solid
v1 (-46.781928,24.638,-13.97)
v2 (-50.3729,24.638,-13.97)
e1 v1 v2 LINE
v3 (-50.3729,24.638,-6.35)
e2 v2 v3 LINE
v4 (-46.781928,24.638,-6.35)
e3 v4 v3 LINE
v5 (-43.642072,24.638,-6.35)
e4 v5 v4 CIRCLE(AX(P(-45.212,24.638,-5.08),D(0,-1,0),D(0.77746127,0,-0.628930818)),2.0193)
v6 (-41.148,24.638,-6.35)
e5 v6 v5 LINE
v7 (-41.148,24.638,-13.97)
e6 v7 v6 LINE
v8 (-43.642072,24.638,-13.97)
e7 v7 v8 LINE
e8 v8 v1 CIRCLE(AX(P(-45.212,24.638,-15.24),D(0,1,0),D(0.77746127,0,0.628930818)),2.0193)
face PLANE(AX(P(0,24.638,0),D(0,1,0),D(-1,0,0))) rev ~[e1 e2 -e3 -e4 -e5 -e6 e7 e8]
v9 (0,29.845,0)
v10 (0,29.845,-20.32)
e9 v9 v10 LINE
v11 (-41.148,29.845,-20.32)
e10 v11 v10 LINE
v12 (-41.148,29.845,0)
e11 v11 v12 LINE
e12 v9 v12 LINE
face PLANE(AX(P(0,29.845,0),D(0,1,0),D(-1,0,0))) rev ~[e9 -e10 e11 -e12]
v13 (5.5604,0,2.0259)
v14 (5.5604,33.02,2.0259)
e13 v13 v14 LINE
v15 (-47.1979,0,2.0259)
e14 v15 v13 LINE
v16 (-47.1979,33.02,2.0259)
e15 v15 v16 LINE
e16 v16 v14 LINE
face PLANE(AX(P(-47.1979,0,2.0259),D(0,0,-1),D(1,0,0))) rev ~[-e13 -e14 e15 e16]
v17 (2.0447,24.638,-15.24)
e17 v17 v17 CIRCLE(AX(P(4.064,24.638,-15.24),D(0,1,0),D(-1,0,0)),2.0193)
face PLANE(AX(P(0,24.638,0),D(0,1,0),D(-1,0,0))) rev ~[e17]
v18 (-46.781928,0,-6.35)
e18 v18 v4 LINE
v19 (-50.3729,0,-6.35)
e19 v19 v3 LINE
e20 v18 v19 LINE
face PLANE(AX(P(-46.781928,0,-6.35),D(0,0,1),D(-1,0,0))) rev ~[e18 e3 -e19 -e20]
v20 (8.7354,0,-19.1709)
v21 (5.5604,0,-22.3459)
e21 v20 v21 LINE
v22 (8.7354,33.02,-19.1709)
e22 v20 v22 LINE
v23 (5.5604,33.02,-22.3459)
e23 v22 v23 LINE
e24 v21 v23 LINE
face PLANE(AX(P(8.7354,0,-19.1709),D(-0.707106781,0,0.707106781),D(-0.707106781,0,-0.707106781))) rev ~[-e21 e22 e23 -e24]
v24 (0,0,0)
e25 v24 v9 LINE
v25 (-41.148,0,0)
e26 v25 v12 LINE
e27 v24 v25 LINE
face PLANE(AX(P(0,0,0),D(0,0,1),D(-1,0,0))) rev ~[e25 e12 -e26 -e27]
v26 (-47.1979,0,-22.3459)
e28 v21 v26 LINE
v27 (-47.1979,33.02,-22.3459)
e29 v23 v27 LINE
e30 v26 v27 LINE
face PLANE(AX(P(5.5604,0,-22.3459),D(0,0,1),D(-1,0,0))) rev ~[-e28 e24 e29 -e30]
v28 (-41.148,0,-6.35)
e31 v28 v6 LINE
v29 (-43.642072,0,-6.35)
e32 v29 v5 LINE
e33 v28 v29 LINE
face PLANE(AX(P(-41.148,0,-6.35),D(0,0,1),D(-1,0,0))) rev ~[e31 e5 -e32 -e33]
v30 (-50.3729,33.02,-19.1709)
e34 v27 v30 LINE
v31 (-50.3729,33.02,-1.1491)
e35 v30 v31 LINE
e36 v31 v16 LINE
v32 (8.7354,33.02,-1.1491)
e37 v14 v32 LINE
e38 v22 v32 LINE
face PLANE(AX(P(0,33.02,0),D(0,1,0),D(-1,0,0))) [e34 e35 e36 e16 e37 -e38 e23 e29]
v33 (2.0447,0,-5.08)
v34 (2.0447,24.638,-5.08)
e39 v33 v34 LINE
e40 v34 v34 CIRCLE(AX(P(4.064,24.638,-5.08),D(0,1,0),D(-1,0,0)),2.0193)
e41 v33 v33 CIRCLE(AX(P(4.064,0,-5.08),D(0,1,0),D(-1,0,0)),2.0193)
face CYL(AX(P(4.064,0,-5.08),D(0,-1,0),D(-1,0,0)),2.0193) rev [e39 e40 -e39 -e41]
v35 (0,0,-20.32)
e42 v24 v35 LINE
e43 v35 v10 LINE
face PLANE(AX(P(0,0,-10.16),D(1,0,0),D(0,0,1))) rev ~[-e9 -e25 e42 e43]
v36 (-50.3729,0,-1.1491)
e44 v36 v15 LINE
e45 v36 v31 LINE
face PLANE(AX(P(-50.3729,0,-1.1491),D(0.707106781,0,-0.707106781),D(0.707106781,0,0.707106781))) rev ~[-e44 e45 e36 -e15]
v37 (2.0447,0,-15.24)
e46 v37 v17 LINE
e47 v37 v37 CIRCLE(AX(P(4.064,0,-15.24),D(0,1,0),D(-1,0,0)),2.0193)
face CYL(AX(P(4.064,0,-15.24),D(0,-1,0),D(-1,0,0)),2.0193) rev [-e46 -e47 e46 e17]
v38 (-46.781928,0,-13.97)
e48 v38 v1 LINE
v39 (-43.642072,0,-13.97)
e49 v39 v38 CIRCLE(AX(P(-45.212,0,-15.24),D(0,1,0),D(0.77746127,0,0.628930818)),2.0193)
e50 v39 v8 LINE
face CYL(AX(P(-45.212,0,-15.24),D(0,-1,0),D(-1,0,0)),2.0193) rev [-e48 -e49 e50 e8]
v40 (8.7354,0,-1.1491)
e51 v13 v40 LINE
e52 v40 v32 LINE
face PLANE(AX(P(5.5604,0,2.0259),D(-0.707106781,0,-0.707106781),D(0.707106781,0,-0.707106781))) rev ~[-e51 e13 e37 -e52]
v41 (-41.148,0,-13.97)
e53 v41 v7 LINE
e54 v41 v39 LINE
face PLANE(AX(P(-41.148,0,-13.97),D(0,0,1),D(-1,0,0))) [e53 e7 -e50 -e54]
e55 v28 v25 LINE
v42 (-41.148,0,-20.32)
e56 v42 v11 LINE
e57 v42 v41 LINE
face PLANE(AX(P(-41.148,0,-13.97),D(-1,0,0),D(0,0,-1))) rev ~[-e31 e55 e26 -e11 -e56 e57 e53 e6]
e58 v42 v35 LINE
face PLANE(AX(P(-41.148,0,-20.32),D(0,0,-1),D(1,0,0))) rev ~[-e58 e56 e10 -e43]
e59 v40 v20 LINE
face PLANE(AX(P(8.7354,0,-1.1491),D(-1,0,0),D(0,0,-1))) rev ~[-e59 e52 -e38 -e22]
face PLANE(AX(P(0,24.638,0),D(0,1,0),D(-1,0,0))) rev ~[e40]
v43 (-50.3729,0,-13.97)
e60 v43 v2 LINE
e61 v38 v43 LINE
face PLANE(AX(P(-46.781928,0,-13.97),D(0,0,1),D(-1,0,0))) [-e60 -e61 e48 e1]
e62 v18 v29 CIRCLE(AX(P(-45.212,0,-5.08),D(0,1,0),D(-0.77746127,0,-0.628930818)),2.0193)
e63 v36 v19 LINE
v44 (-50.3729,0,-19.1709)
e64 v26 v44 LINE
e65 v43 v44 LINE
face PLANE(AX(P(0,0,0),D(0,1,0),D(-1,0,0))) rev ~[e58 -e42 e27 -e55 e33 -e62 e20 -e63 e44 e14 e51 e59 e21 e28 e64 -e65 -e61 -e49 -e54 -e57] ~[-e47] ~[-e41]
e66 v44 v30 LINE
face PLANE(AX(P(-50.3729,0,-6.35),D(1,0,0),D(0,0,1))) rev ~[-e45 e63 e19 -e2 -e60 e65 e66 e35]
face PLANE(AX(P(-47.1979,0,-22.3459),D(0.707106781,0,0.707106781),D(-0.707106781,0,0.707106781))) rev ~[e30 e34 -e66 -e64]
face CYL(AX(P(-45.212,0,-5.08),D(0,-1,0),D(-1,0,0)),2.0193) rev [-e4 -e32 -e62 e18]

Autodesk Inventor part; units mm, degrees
ref_plane "YZ Plane" through (0, 0, 0) normal (1, 0, 0) x (0, 1, 0)
ref_plane "XZ Plane" through (0, 0, 0) normal (0, 1, 0) x (-1, 0, 0)
ref_plane "XY Plane" through (0, 0, 0) normal (0, 0, 1) x (1, 0, 0)
sketch "Sketch1" plane through (0, 0, 0) normal (0, 1, 0) x (-1, 0, 0)
  line L0 (0, 0) -> (41.148, 0)
  line L1 (41.148, 0) -> (41.148, -20.32)
  line L2 (41.148, -20.32) -> (0, -20.32)
  line L3 (0, -20.32) -> (0, 0)
  line L4 (47.498, 2.0259) -> (-5.588, 2.0259)
  line L5 (-5.588, -22.3459) -> (47.1979, -22.3459)
  circle A0 centre (45.212, -15.24) radius 2.0193
  circle A1 centre (-4.064, -15.24) radius 2.0193
  line L6 (41.148, -10.16) -> (50.3729, -10.16)
  line L7 (41.148, -13.97) -> (50.3729, -13.97)
  line L8 (41.148, -6.35) -> (50.3729, -6.35)
  line L9 (0, -10.16) -> (-8.7354, -10.16)
  line L10 (-5.588, 2.0259) -> (-5.5604, 2.0259)
  line L11 (-8.7354, -1.1491) -> (-8.7354, -19.1709)
  line L12 (-5.5604, -22.3459) -> (-5.588, -22.3459)
  line L13 (47.498, -22.3459) -> (47.1979, -22.3459)
  line L14 (50.3729, -19.1709) -> (50.3729, -1.1491)
  line L15 (47.1979, 2.0259) -> (47.498, 2.0259)
  circle A2 centre (45.212, -5.08) radius 2.0193
  circle A3 centre (-4.064, -5.08) radius 2.0193
  line L16 (-5.5604, 2.0259) -> (-8.7354, -1.1491)
  line L17 (-8.7354, -19.1709) -> (-5.5604, -22.3459)
  line L18 (47.1979, -22.3459) -> (50.3729, -19.1709)
  line L19 (50.3729, -1.1491) -> (47.1979, 2.0259)
  point P0 (41.148, -6.35)
  point P1 (41.148, -13.97)
  point P2 (-8.7354, 2.0259)
  point P3 (-8.7354, -22.3459)
  point P4 (50.3729, -22.3459)
  point P5 (50.3729, 2.0259)
  point P6 (46.7819, -6.35)
  point P7 (43.6421, -6.35)
  point P8 (43.6421, -13.97)
  point P9 (46.7819, -13.97)
  dimension "d0" = 41.148
  dimension "d1" = 20.32
  dimension "d4" = 4.0386
  dimension "d5" = 4.0386
  dimension "d6" = 3.81
  dimension "d7" = 3.81
  dimension "d16" = 5.08
  dimension "d17" = 5.08
  dimension "d18" = 4.064
  dimension "d19" = 4.064
  dimension "d20" = 3.175
  dimension "d21" = 3.175
  dimension "d22" = 3.175
  dimension "d23" = 3.175
  dimension "d24" = 3.175
  dimension "d25" = 3.175
  dimension "d26" = 3.175
  dimension "d27" = 3.175
extrude "Extrusion1" add sketch "Sketch1" along normal blind 33.02 contours L3 L9 L11 L16 L4 L19 L14 L8 A2 L1 L0 | L0 L1 L2 L3 | L3 L2 L1 L7 A0 L14 L18 L5 L17 L11 L9 | L8 A2 L14 L6 L1 | L6 L14 L7 A0 L1 | A2 L8 | L8 A2 | L7 A0 | A0 L7 | A1 | A3
extrude "Extrusion2" cut sketch "Sketch1" along normal blind 24.638 contours L7 A0 | A0 L7 | A1
extrude "Extrusion3" cut sketch "Sketch1" along normal blind 29.845 contours L0 L1 L2 L3
extrude "Extrusion4" cut sketch "Sketch1" along normal up to surface (24.638 mm away) contours L8 A2 L14 L6 L1 | L6 L14 L7 A0 L1 | A2 L8 | L8 A2 | A3
equation "\"d21\" = d20"
equation "\"d22\" = d20"
equation "\"d23\" = d22"
equation "\"d24\" = d20"
equation "\"d25\" = d24"
equation "\"d26\" = d20"
equation "\"d27\" = d26"
properties part number "Servo Mount and Screw Hole Test"
